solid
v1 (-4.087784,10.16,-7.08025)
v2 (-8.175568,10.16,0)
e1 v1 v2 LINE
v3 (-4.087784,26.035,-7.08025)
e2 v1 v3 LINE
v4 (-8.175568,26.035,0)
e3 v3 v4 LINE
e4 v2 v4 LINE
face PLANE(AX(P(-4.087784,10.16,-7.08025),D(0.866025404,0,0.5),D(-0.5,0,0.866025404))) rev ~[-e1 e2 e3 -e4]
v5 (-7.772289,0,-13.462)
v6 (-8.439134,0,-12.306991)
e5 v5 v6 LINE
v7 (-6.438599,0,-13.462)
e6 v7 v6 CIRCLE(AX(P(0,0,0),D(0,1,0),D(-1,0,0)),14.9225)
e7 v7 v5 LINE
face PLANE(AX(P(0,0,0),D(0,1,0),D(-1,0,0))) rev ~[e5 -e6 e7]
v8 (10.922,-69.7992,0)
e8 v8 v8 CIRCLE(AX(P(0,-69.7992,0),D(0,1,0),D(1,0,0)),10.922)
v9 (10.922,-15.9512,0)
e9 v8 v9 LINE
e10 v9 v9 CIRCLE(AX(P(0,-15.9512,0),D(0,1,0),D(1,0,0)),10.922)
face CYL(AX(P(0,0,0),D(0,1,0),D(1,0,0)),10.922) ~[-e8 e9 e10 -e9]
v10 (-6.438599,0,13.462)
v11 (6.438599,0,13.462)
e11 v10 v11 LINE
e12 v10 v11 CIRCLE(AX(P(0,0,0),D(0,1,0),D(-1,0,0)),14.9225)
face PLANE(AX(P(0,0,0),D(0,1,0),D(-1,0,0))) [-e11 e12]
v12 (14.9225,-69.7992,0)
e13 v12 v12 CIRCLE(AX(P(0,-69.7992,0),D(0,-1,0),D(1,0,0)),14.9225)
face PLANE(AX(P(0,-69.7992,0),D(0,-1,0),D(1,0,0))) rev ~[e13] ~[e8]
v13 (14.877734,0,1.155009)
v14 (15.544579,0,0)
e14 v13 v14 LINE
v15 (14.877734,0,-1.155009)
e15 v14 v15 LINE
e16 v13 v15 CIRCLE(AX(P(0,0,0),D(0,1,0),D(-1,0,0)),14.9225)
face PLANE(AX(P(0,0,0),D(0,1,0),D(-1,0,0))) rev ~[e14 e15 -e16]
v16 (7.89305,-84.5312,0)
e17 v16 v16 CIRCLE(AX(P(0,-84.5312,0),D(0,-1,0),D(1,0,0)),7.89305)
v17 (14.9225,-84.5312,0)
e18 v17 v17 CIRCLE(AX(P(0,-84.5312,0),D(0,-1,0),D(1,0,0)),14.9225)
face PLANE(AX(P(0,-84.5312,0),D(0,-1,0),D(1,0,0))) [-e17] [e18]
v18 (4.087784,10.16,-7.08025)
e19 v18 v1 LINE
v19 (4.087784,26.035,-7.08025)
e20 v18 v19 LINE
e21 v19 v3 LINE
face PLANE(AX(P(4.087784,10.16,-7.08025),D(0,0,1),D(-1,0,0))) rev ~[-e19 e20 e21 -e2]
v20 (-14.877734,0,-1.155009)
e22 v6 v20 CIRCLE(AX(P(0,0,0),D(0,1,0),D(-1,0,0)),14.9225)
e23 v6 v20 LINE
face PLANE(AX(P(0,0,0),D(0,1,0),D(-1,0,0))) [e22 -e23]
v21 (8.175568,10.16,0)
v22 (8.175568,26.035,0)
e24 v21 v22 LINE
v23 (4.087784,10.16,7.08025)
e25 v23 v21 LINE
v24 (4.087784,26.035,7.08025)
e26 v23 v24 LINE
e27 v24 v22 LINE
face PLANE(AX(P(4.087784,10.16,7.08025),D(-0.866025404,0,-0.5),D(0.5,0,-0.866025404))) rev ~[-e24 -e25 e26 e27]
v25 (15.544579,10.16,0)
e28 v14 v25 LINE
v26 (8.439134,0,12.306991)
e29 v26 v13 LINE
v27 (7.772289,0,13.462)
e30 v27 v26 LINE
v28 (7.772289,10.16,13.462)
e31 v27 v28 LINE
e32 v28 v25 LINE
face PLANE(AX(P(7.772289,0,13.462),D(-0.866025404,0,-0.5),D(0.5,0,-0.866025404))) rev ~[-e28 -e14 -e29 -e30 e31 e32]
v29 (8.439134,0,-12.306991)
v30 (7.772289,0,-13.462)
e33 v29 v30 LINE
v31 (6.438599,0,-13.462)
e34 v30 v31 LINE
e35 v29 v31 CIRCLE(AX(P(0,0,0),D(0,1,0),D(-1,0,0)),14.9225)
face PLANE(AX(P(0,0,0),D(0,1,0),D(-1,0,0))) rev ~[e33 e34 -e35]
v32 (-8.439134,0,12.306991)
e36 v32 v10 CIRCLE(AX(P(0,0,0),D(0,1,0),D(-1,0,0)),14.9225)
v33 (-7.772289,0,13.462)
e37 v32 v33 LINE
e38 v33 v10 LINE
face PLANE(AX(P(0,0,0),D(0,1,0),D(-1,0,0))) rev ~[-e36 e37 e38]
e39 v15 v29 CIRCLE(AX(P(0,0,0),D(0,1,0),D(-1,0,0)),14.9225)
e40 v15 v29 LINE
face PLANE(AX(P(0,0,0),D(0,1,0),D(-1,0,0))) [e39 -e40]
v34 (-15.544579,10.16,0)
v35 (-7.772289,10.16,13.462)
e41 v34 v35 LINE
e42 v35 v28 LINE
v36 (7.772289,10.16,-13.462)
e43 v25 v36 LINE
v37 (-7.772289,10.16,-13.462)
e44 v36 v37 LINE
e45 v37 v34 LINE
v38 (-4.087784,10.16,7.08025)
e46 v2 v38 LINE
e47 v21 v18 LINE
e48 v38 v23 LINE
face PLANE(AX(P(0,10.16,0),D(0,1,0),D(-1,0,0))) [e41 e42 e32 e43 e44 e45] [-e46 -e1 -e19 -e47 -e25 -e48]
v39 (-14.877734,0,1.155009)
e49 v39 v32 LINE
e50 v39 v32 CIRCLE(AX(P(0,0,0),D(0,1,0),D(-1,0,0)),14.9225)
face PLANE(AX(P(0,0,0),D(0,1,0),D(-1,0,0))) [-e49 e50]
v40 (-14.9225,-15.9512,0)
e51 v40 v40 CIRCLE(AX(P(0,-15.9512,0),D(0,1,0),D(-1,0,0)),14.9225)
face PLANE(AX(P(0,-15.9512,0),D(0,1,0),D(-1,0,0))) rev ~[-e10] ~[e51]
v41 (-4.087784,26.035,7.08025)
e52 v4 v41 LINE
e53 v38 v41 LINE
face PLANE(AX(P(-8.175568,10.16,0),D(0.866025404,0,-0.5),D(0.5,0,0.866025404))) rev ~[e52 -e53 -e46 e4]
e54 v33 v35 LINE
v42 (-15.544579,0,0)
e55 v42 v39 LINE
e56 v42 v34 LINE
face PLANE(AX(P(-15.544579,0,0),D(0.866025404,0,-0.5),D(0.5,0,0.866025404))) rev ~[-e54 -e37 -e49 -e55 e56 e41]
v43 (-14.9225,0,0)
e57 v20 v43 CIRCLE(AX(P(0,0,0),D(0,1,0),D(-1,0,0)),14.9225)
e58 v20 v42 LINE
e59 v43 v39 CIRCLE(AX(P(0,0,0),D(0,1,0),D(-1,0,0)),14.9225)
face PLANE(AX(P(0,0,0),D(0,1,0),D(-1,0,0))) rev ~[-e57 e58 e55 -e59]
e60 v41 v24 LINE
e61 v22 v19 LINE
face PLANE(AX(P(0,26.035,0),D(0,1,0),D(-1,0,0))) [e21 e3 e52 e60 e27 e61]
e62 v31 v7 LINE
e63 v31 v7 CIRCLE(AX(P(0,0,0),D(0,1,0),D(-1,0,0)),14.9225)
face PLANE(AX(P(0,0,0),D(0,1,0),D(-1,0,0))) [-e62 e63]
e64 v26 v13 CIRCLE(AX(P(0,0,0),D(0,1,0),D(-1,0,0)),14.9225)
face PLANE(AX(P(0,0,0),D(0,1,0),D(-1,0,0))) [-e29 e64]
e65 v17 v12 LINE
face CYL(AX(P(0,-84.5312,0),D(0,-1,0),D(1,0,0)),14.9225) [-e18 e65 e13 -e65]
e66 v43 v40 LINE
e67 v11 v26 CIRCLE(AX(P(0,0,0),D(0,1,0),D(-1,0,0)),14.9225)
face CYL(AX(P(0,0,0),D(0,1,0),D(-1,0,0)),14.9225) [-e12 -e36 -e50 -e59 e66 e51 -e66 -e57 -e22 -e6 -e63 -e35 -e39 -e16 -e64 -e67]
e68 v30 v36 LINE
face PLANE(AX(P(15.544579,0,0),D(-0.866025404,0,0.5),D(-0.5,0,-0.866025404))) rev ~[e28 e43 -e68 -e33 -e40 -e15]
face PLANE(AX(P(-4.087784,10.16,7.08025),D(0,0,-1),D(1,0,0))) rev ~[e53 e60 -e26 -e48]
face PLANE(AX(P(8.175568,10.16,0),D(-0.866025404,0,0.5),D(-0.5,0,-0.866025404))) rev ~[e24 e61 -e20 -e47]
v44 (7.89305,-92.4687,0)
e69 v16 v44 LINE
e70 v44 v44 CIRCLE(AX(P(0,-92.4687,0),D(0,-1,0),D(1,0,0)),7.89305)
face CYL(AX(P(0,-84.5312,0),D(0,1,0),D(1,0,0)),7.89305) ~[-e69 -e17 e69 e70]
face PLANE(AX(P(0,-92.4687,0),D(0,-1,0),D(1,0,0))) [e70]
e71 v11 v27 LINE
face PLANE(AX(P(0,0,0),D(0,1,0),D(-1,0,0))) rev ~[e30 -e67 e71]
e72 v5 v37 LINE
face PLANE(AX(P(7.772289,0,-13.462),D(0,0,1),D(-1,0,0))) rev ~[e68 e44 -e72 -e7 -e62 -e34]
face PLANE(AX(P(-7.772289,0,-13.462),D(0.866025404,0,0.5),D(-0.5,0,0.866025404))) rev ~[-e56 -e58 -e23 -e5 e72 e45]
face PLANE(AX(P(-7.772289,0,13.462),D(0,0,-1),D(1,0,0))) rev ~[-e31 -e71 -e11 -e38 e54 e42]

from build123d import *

# Parameters (mm, degrees)
F0_R       = 10.922
F1_DEPTH   = 68.58
F2_R       = 14.9225
F1_FACE1_R = 10.922
F3_DEPTH   = 15.9512
F4_R       = 14.9225
F5_DEPTH   = 14.732
F6_R       = 7.89305
F3_FACE1_R = 14.9225
F7_DEPTH   = 7.9375
F9_DEPTH   = 10.16
F11_DEPTH  = 15.875


with BuildPart() as f1:
    # F0 (on Front) → F1 (new body)
    with BuildSketch(Plane.XZ):
        Circle(F0_R)
    extrude(amount=F1_DEPTH)

    # F2 (on face) + F1_face1 (on face) → F3 (join)
    with BuildSketch(Plane(origin=(0, 0, 0), x_dir=(-1, 0, 0), z_dir=(0, 1, 0))):
        Circle(F2_R)
    with BuildSketch(Plane.XZ.offset(68.58)):
        Circle(F1_FACE1_R)
    extrude(amount=-F3_DEPTH, dir=(0, 1, 0))

    # F4 (on face) → F5 (join)
    with BuildSketch(Plane.XZ.offset(84.5312)):
        Circle(F4_R)
    extrude(amount=-F5_DEPTH)

    # F6 (on face) + F3_face1 (on face) → F7 (join)
    with BuildSketch(Plane.XZ.offset(84.5312)):
        Circle(F6_R)
    with BuildSketch(Plane(origin=(0, 0, 0), x_dir=(-1, 0, 0), z_dir=(0, 1, 0))):
        Circle(F3_FACE1_R)
    extrude(amount=F7_DEPTH, dir=(0, -1, 0))

    # F8 (on face) → F9 (join)
    with BuildSketch(Plane(origin=(0, 0, 0), x_dir=(-1, 0, 0), z_dir=(0, 1, 0))):
        Polygon((-7.7722893238, -13.462), (7.7722893238, -13.462), (15.5445786477, 0), (7.7722893238, 13.462), (-7.7722893238, 13.462), (-15.5445786477, 0), align=None)
    extrude(amount=F9_DEPTH)

    # F10 (on face) → F11 (join)
    with BuildSketch(Plane(origin=(0, 10.16, 0), x_dir=(-1, 0, 0), z_dir=(0, 1, 0))):
        Polygon((-4.0877842434, -7.08025), (4.0877842434, -7.08025), (8.1755684869, 0), (4.0877842434, 7.08025), (-4.0877842434, 7.08025), (-8.1755684869, 0), align=None)
    extrude(amount=F11_DEPTH)


solid = f1.part
